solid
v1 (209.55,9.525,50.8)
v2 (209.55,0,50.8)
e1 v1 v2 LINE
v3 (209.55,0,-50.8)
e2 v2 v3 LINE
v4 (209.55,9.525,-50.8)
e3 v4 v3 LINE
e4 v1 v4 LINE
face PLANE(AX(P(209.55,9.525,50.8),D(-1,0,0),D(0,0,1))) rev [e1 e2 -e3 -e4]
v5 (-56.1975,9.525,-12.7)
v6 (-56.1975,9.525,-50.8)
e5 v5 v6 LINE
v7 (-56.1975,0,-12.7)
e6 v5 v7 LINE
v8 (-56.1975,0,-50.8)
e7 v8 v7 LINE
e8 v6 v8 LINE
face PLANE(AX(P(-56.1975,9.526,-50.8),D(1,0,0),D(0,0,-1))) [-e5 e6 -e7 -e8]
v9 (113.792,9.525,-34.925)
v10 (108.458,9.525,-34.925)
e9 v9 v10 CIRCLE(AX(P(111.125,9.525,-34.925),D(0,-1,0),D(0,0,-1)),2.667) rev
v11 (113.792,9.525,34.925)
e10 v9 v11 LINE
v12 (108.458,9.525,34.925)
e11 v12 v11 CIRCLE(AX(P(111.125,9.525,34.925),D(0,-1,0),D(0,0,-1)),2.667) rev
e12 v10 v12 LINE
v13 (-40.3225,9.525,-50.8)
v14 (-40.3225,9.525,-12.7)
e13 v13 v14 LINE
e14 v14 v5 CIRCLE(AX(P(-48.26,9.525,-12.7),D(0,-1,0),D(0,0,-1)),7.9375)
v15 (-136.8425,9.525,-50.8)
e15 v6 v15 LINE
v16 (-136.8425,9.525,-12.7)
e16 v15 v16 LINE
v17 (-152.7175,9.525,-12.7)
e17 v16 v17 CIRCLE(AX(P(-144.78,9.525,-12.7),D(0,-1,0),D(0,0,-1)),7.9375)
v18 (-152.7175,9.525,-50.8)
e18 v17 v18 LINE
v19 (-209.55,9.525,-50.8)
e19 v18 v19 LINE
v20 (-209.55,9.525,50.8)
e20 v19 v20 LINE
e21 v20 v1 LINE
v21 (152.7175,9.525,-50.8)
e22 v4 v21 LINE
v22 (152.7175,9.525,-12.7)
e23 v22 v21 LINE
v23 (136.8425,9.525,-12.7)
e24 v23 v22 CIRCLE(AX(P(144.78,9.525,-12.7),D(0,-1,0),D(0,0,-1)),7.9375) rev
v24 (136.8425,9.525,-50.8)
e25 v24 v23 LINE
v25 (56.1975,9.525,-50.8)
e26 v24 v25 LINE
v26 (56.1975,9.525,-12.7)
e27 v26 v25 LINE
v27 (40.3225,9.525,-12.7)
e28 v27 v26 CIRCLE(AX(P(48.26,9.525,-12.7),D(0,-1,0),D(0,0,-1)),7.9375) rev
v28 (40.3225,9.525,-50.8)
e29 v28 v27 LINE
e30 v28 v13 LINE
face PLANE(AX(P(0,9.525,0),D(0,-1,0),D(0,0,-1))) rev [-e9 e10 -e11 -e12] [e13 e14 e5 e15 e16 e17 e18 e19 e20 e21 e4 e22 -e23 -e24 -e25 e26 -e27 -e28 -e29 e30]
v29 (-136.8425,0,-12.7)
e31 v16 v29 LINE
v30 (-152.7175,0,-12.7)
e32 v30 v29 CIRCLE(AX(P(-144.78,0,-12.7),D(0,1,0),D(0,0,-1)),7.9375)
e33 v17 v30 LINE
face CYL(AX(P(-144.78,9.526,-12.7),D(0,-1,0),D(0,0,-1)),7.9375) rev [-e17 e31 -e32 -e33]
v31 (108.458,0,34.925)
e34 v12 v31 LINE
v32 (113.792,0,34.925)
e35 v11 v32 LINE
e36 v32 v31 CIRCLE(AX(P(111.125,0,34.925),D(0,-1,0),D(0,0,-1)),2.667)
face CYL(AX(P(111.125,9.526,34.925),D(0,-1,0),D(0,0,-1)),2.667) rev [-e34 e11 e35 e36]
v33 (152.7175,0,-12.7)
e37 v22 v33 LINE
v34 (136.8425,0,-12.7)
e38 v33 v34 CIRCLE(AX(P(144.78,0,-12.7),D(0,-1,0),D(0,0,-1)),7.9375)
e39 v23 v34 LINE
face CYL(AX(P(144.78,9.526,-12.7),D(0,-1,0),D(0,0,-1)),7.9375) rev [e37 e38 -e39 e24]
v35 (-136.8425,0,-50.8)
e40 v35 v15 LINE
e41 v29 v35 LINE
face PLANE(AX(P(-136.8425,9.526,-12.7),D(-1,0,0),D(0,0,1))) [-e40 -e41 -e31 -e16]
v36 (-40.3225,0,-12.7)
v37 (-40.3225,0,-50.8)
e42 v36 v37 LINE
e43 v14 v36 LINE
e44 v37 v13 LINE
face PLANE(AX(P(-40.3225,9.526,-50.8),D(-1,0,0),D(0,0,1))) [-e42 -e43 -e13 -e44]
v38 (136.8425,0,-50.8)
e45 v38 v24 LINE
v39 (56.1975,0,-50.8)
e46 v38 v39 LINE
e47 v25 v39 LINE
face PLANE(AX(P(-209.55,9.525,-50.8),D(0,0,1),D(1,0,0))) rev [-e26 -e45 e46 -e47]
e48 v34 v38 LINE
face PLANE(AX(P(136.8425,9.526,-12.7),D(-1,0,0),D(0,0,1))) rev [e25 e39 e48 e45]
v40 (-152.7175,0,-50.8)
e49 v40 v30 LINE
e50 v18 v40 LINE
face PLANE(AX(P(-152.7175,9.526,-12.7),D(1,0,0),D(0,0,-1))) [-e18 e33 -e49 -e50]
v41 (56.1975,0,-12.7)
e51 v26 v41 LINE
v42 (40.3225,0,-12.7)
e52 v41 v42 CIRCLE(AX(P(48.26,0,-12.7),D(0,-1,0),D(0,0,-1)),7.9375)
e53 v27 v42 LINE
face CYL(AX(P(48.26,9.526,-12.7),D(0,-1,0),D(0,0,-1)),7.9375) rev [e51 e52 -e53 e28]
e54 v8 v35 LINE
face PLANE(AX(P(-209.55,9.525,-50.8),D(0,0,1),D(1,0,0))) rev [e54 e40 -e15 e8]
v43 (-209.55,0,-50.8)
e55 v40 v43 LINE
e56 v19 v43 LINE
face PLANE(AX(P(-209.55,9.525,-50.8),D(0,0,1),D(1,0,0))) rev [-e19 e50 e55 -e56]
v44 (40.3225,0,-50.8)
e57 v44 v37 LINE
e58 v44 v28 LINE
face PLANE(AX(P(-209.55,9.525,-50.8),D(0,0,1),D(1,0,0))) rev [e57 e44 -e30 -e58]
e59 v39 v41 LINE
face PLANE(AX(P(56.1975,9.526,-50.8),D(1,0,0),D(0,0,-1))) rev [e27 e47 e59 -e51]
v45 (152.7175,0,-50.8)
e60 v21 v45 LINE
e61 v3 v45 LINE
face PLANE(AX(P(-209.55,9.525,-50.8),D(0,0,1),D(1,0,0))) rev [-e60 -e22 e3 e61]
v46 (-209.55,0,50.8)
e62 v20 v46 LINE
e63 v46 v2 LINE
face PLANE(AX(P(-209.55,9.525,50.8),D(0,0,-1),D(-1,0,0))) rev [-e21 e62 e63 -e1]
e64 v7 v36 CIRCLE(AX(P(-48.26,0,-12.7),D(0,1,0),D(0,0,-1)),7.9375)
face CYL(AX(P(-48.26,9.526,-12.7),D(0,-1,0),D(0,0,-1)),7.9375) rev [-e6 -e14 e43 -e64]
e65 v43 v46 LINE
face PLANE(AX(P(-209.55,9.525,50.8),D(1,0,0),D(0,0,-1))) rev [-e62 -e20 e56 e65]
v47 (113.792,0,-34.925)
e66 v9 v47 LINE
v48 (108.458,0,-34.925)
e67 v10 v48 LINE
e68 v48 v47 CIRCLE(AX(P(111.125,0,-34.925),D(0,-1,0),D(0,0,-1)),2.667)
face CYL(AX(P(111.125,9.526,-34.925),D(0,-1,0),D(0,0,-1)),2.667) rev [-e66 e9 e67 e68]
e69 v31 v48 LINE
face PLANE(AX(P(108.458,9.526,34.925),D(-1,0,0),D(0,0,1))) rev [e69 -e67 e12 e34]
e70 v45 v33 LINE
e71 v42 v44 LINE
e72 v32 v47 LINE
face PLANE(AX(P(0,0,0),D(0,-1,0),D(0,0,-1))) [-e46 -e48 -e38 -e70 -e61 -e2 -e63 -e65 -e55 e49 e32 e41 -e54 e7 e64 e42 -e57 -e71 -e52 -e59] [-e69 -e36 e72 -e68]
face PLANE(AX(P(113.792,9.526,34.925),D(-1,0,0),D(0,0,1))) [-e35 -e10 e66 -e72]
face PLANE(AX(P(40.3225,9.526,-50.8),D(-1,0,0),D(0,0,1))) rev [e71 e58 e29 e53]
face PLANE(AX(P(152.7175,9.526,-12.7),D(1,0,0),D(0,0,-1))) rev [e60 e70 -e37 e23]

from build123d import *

# Parameters (mm, degrees)
SKETCH50_W          = 419.1
SKETCH50_H          = 101.6
BOSS_EXTRUDE4_DEPTH = 9.525
CUT_EXTRUDE7_REACH  = 217.83
CUT_EXTRUDE8_REACH  = 217.83


with BuildPart() as part:
    # Sketch50 → Boss-Extrude4 (new body)
    with BuildSketch(Plane(origin=(0, 0, 0), x_dir=(1, 0, 0), z_dir=(0, 1, 0))):
        Rectangle(SKETCH50_W, SKETCH50_H)
    extrude(amount=BOSS_EXTRUDE4_DEPTH)

    # Sketch51 → Cut-Extrude7 (cut, up to next)
    with BuildSketch(Plane.XZ, mode=Mode.PRIVATE) as cut_extrude7_sk1:
        with BuildLine():
            Line((152.7175, -12.7), (152.7175, -50.8))
            ThreePointArc((152.7175, -50.8), (144.78, -58.7375), (136.8425, -50.8))
            Line((136.8425, -50.8), (136.8425, -12.7))
            ThreePointArc((136.8425, -12.7), (144.78, -4.7625), (152.7175, -12.7))
        make_face()
    cut_extrude7_tool1 = extrude(cut_extrude7_sk1.sketch, amount=-CUT_EXTRUDE7_REACH, mode=Mode.PRIVATE) & part.part
    # Sketch51 → Cut-Extrude7 (cut, up to next)
    with BuildSketch(Plane.XZ, mode=Mode.PRIVATE) as cut_extrude7_sk2:
        with BuildLine():
            Line((40.3225, -50.8), (40.3225, -12.7))
            ThreePointArc((40.3225, -12.7), (48.26, -4.7625), (56.1975, -12.7))
            Line((56.1975, -12.7), (56.1975, -50.8))
            ThreePointArc((56.1975, -50.8), (48.26, -58.7375), (40.3225, -50.8))
        make_face()
    cut_extrude7_tool2 = extrude(cut_extrude7_sk2.sketch, amount=-CUT_EXTRUDE7_REACH, mode=Mode.PRIVATE) & part.part
    cut_extrude7_1 = cut_extrude7_tool1.solids().sort_by_distance((144.78, 0, -31.75))[0]
    add(cut_extrude7_1, mode=Mode.SUBTRACT)
    cut_extrude7_2 = cut_extrude7_tool2.solids().sort_by_distance((48.26, 0, -31.75))[0]
    add(cut_extrude7_2, mode=Mode.SUBTRACT)
    cut_extrude7 = cut_extrude7_1 + cut_extrude7_2  # Cut-Extrude7 as one shape, for the pattern or mirror that repeats it

    # Mirror4: Cut-Extrude7 across plane
    add(cut_extrude7.mirror(Plane(origin=(0, 0, 0), x_dir=(0, 0, 1), z_dir=(1, 0, 0))), mode=Mode.SUBTRACT)

    # Sketch55 → Cut-Extrude8 (cut, up to next)
    with BuildSketch(Plane.XZ, mode=Mode.PRIVATE) as cut_extrude8_sk1:
        with BuildLine():
            Line((113.792, 34.925), (113.792, -34.925))
            ThreePointArc((113.792, -34.925), (111.125, -37.592), (108.458, -34.925))
            Line((108.458, -34.925), (108.458, 34.925))
            ThreePointArc((108.458, 34.925), (111.125, 37.592), (113.792, 34.925))
        make_face()
    cut_extrude8_tool1 = extrude(cut_extrude8_sk1.sketch, amount=-CUT_EXTRUDE8_REACH, mode=Mode.PRIVATE) & part.part
    add(cut_extrude8_tool1.solids().sort_by_distance((111.125, 0, 0))[0], mode=Mode.SUBTRACT)


solid = part.part
